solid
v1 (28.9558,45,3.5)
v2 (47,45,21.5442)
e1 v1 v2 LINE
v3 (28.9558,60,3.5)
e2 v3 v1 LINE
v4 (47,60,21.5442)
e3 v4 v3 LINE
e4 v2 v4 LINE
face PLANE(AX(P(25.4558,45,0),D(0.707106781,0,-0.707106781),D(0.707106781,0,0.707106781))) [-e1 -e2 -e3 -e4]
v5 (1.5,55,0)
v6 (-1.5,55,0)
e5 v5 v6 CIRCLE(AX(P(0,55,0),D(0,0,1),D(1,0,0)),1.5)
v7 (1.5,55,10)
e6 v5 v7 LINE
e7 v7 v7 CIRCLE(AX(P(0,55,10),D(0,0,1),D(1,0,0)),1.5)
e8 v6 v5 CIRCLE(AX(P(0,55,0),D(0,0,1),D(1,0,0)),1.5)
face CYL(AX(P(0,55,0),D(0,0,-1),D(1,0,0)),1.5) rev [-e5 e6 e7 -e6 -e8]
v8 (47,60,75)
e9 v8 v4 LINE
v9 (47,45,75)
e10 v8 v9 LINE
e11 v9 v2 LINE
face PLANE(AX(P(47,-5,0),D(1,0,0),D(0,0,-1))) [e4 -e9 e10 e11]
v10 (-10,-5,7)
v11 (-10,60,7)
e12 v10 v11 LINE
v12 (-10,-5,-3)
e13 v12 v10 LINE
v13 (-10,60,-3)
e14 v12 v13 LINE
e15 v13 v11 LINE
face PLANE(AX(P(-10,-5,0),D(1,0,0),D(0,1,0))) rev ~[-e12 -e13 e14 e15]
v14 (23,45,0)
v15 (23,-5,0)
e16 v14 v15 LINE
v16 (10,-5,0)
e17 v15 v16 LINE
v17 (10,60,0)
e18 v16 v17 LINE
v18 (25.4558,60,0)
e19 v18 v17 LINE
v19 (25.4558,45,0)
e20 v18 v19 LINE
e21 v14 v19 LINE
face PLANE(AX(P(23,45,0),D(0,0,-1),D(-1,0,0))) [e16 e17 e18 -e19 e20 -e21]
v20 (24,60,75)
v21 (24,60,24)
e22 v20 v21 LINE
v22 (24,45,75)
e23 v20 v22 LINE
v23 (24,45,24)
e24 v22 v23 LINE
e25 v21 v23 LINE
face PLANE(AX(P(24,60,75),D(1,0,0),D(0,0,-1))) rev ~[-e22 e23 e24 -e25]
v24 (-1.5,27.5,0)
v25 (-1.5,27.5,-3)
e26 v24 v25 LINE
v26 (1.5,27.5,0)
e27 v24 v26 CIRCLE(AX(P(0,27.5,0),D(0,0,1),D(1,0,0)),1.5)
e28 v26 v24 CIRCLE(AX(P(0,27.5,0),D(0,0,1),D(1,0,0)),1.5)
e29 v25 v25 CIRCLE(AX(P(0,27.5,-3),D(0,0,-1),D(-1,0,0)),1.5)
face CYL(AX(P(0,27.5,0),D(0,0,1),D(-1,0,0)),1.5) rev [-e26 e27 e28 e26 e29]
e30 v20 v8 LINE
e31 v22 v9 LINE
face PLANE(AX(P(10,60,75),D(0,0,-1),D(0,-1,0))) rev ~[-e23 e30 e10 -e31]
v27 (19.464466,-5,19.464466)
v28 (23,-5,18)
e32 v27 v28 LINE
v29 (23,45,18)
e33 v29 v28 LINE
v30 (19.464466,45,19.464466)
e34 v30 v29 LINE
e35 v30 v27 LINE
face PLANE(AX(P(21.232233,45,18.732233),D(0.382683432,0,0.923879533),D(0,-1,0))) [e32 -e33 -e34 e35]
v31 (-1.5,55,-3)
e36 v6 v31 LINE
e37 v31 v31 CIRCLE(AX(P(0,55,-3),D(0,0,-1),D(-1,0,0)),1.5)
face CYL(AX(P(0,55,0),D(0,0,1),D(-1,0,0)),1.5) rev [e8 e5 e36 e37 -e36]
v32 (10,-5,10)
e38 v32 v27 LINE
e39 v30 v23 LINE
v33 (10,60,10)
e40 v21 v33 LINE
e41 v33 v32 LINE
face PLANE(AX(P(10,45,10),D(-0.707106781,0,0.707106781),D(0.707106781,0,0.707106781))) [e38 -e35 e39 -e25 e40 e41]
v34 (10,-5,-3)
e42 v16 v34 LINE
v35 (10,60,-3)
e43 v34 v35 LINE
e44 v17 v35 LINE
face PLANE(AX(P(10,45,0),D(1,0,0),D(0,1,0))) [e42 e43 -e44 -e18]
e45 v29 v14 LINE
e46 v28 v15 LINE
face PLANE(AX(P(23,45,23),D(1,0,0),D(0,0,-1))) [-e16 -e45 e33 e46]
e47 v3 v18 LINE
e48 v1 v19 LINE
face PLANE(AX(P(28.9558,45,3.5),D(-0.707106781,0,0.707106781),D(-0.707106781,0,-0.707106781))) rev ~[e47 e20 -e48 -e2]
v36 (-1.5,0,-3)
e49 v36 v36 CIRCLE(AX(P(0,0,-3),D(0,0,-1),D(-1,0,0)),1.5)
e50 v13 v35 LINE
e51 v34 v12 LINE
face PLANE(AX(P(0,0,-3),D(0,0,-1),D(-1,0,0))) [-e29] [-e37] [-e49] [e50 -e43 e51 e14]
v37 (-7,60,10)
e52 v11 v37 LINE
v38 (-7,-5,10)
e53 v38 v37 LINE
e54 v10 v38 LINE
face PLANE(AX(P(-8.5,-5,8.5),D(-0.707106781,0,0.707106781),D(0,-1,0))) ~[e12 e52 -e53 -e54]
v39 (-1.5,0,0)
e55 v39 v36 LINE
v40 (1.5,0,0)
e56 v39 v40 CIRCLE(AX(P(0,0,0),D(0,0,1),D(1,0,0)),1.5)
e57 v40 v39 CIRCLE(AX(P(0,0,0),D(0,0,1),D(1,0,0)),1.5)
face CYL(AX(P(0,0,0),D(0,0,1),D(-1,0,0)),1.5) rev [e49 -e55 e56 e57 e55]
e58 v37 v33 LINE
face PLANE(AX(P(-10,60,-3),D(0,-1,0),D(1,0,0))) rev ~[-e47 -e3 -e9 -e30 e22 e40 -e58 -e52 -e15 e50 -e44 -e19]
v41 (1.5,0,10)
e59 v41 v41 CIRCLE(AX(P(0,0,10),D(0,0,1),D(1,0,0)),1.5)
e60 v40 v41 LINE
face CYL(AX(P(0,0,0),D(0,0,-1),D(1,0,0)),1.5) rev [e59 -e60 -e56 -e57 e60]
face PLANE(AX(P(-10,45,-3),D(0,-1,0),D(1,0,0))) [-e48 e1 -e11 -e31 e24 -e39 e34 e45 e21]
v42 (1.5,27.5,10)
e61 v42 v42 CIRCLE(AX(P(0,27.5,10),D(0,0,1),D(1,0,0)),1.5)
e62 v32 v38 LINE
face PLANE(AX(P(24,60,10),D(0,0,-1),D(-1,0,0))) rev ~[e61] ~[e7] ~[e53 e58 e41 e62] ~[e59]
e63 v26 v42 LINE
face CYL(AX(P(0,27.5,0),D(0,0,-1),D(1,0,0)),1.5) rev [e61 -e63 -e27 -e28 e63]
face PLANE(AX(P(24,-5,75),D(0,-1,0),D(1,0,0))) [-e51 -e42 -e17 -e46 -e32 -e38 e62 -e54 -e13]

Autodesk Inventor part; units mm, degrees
ref_plane "YZ Plane" through (0, 0, 0) normal (1, 0, 0) x (0, 1, 0)
ref_plane "XZ Plane" through (0, 0, 0) normal (0, 1, 0) x (-1, 0, 0)
ref_plane "XY Plane" through (0, 0, 0) normal (0, 0, 1) x (1, 0, 0)
sketch "Sketch9" plane through (0, 0, 0) normal (0, 0, 1) x (1, 0, 0)
  line L0 (0, 0) -> (0, 55) construction
  circle A0 centre (0, 55) radius 1.5
  circle A1 centre (0, 0) radius 1.5
  circle A2 centre (0, 27.5) radius 1.5
  line L1 (-10, 60) -> (10, 60)
  line L2 (10, 60) -> (10, -5)
  line L3 (10, -5) -> (-10, -5)
  line L4 (-10, -5) -> (-10, 60)
  point P0 (-10, 27.5)
  point P1 (0, 60)
  dimension "d35" = 55
  dimension "d36" = 3
  dimension "d37" = 3
  dimension "d38" = 3
  dimension "d39" = 5
  dimension "d40" = 10
extrude "Extrusion9" add sketch "Sketch9" along normal blind 10
sketch "Sketch11" plane through (10, -5, 0) normal (1, 0, 0) x (0, 0, -1)
  line L0 (0, 65) -> (-10, 65) projected
  line L1 (0, 65) -> (-75, 65)
  line L2 (-75, 65) -> (-75, 50)
  line L3 (-75, 50) -> (0, 50)
  line L4 (0, 50) -> (0, 65)
  point P0 (0, 5)
  dimension "d43" = 15
  dimension "d44" = 75
extrude "Extrusion10" add sketch "Sketch11" along normal blind 37
sketch "Sketch12" plane through (-10, 60, 10) normal (0, 1, 0) x (1, 0, 0)
  line L0 (20, -65) -> (20, 0) projected
  line L1 (20, -65) -> (34, -65)
  line L2 (34, -65) -> (34, 0)
  line L3 (34, 0) -> (20, 0)
  line L4 (20, 0) -> (20, -65)
  point P0 (10, 10)
  dimension "d47" = 14
extrude "Extrusion11" cut sketch "Sketch12" against normal through all
chamfer "Chamfer6" distance 14 angle 45 1 edges at (24, 52.5, 10)
sketch "Sketch14" plane through (10, 45, 0) normal (0, -1, 0) x (1, 0, 0)
  line L0 (0, 10) -> (14, 24) projected
  line L1 (15.4558, 0) -> (37, 21.5442)
  line L2 (37, 75) -> (37, 0) projected
  line L3 (0, 0) -> (37, 0) projected
  line L4 (15.4558, 0) -> (37, 0)
  line L5 (37, 21.5442) -> (37, 0)
  point P0 (-10, 0)
  dimension "d73" = 18
extrude "Extrusion13" cut sketch "Sketch14" against normal through all
sketch "Sketch15" plane through (0, 0, 0) normal (0, 0, -1) x (-1, 0, 0)
  line L0 (-25.4558, 60) -> (-25.4558, 45) projected
  line L1 (-10, 45) -> (-25.4558, 45) projected
  line L2 (-10, 45) -> (-10, -5) projected
  line L3 (-10, -5) -> (10, -5) projected
  line L4 (10, -5) -> (10, 60) projected
  line L5 (10, 60) -> (-25.4558, 60) projected
  circle A0 centre (0, 55) radius 1.5 projected
  circle A1 centre (0, 0) radius 1.5 projected
  circle A2 centre (0, 27.5) radius 1.5 projected
  line L6 (-10, -5) -> (10, -5) projected
  line L7 (10, 60) -> (-10, 60) projected
  line L8 (-10, -5) -> (-10, 60)
  line L9 (-10, 60) -> (10, 60)
extrude "Extrusion14" add sketch "Sketch15" along normal blind 3 contours L5 L4 L3 L2 L8
chamfer "Chamfer8" distance 3 angle 45 1 edges at (-10, 27.5, 10)
sketch "Sketch17" plane through (-10, -5, -3) normal (0, -1, 0) x (1, 0, 0)
  line L0 (20, 3) -> (20, 13) projected
  line L1 (20, 3) -> (35.4558, 3) projected
  line L2 (20, 3) -> (35.4558, 3)
  line L3 (35.4558, 3) -> (37.5981, 4.5)
  line L4 (37.5981, 4.5) -> (51, 4.5)
  line L5 (51, 6.5) -> (36.9675, 6.5)
  line L6 (36.9675, 6.5) -> (34.8252, 5)
  line L7 (34.8252, 5) -> (20, 5)
  line L8 (20, 3) -> (20, 5)
  line L9 (51, 6.5) -> (51, 4.5)
  point P0 (10, 3)
  point P1 (57, 24.5442)
  dimension "d83" = 215
  dimension "d84" = 2
  dimension "d88" = 1.5
  dimension "d89" = 6
extrude "Extrusion16" add sketch "Sketch17" against normal blind 65
sketch "Sketch18" plane through (24, 60, 75) normal (0, 1, 0) x (1, 0, 0)
  line L0 (17, 73.5) -> (3.5981, 73.5) projected
  line L1 (4.9558, 71.5) -> (17, 71.5) projected
  line L2 (17, 71.5) -> (17, 73.5) projected
  line L3 (3.5981, 73.5) -> (4.9558, 71.5)
  point P0 (-24, 75)
extrude "Extrusion17" cut sketch "Sketch18" against normal through all
sketch "Sketch19" plane through (-10, -5, -3) normal (0, -1, 0) x (1, 0, 0)
  line L0 (34.8252, 5) -> (20, 5) projected
  line L1 (20, 3) -> (35.4558, 3) projected
  line L2 (35.4558, 3) -> (37.5981, 4.5) projected
  line L3 (37.5981, 4.5) -> (38.9558, 6.5) projected
  line L4 (38.9558, 6.5) -> (36.9675, 6.5) projected
  line L5 (36.9675, 6.5) -> (34.8252, 5) projected
  line L6 (20, 3) -> (20, 5)
  point P0 (10, 3)
extrude "Extrusion18" cut sketch "Sketch19" against normal blind 50
sketch "Sketch20" plane through (24, 45, 75) normal (0, -1, 0) x (1, 0, 0)
  line L0 (0, 0) -> (0, -51) projected
  line L1 (-14, -65) -> (0, -51) projected
  line L2 (1.4558, -75) -> (-14, -75) projected
  line L3 (-14, -65) -> (-14, -78) projected
  line L4 (-1, -52) -> (-1, -75)
  line L5 (-14, -75) -> (-1, -75)
  line L6 (-14, -75) -> (-14, -65)
  line L7 (-14, -65) -> (-1, -52)
  line L8 (0, -51) -> (-14, -65) projected
  point P0 (-24, -75)
  dimension "d94" = 1
extrude "Extrusion19" add sketch "Sketch20" along normal blind 50
chamfer "Chamfer9" distance 5 angle 45 1 edges at (23, 20, 23)
sketch "Sketch21" plane through (24, 45, 75) normal (0, -1, 0) x (1, 0, 0)
  line L0 (-1, -57) -> (-1, -75) construction
  line L1 (1.4558, -75) -> (-1, -75) projected
  line L2 (3.5981, -73.5) -> (1.4558, -75) projected
  line L3 (4.9558, -71.5) -> (3.5981, -73.5) projected
  line L4 (4.9558, -71.5) -> (23, -53.4558) projected
  line L5 (23, 0) -> (23, -53.4558) projected
  line L6 (0, 0) -> (23, 0) projected
  line L7 (0, 0) -> (0, -51) projected
  line L8 (-4.5355, -55.5355) -> (0, -51) projected
  line L9 (-1, -57) -> (-4.5355, -55.5355) projected
  line L10 (4.9558, -71.5) -> (23, -53.4558) projected
  line L11 (4.9558, -71.5) -> (1.4558, -75)
  line L12 (1.4558, -75) -> (-1, -75) projected
  point P0 (-24, -75)
extrude "Extrusion20" cut sketch "Sketch21" against normal through all
equation "\"Module\" = 2"
equation "\"PressureAngle\" = 20deg"
equation "\"UnitProfileClearance\" = 0.25"
equation "\"UnitRoundRadius\" = 0.35"
equation "\"HeadDiameter\" = 42"
equation "\"RootDiameter\" = 33"
equation "\"BaseDiameter\" = 35.70832"
equation "\"PitchDiameter\" = 38"
equation "\"HelixAngle\" = 0"
equation "\"UnitCorrection\" = 0"
equation "\"UnitAddendumModification\" = 0"
equation "\"CircularPitch\" = 6.283185"
equation "\"UnitBacklashShift\" = 0"
equation "\"TotalToolShift\" = 0"
equation "\"IsInternal\" = 0"
properties part number "GA04" material "ABS Plastic"
